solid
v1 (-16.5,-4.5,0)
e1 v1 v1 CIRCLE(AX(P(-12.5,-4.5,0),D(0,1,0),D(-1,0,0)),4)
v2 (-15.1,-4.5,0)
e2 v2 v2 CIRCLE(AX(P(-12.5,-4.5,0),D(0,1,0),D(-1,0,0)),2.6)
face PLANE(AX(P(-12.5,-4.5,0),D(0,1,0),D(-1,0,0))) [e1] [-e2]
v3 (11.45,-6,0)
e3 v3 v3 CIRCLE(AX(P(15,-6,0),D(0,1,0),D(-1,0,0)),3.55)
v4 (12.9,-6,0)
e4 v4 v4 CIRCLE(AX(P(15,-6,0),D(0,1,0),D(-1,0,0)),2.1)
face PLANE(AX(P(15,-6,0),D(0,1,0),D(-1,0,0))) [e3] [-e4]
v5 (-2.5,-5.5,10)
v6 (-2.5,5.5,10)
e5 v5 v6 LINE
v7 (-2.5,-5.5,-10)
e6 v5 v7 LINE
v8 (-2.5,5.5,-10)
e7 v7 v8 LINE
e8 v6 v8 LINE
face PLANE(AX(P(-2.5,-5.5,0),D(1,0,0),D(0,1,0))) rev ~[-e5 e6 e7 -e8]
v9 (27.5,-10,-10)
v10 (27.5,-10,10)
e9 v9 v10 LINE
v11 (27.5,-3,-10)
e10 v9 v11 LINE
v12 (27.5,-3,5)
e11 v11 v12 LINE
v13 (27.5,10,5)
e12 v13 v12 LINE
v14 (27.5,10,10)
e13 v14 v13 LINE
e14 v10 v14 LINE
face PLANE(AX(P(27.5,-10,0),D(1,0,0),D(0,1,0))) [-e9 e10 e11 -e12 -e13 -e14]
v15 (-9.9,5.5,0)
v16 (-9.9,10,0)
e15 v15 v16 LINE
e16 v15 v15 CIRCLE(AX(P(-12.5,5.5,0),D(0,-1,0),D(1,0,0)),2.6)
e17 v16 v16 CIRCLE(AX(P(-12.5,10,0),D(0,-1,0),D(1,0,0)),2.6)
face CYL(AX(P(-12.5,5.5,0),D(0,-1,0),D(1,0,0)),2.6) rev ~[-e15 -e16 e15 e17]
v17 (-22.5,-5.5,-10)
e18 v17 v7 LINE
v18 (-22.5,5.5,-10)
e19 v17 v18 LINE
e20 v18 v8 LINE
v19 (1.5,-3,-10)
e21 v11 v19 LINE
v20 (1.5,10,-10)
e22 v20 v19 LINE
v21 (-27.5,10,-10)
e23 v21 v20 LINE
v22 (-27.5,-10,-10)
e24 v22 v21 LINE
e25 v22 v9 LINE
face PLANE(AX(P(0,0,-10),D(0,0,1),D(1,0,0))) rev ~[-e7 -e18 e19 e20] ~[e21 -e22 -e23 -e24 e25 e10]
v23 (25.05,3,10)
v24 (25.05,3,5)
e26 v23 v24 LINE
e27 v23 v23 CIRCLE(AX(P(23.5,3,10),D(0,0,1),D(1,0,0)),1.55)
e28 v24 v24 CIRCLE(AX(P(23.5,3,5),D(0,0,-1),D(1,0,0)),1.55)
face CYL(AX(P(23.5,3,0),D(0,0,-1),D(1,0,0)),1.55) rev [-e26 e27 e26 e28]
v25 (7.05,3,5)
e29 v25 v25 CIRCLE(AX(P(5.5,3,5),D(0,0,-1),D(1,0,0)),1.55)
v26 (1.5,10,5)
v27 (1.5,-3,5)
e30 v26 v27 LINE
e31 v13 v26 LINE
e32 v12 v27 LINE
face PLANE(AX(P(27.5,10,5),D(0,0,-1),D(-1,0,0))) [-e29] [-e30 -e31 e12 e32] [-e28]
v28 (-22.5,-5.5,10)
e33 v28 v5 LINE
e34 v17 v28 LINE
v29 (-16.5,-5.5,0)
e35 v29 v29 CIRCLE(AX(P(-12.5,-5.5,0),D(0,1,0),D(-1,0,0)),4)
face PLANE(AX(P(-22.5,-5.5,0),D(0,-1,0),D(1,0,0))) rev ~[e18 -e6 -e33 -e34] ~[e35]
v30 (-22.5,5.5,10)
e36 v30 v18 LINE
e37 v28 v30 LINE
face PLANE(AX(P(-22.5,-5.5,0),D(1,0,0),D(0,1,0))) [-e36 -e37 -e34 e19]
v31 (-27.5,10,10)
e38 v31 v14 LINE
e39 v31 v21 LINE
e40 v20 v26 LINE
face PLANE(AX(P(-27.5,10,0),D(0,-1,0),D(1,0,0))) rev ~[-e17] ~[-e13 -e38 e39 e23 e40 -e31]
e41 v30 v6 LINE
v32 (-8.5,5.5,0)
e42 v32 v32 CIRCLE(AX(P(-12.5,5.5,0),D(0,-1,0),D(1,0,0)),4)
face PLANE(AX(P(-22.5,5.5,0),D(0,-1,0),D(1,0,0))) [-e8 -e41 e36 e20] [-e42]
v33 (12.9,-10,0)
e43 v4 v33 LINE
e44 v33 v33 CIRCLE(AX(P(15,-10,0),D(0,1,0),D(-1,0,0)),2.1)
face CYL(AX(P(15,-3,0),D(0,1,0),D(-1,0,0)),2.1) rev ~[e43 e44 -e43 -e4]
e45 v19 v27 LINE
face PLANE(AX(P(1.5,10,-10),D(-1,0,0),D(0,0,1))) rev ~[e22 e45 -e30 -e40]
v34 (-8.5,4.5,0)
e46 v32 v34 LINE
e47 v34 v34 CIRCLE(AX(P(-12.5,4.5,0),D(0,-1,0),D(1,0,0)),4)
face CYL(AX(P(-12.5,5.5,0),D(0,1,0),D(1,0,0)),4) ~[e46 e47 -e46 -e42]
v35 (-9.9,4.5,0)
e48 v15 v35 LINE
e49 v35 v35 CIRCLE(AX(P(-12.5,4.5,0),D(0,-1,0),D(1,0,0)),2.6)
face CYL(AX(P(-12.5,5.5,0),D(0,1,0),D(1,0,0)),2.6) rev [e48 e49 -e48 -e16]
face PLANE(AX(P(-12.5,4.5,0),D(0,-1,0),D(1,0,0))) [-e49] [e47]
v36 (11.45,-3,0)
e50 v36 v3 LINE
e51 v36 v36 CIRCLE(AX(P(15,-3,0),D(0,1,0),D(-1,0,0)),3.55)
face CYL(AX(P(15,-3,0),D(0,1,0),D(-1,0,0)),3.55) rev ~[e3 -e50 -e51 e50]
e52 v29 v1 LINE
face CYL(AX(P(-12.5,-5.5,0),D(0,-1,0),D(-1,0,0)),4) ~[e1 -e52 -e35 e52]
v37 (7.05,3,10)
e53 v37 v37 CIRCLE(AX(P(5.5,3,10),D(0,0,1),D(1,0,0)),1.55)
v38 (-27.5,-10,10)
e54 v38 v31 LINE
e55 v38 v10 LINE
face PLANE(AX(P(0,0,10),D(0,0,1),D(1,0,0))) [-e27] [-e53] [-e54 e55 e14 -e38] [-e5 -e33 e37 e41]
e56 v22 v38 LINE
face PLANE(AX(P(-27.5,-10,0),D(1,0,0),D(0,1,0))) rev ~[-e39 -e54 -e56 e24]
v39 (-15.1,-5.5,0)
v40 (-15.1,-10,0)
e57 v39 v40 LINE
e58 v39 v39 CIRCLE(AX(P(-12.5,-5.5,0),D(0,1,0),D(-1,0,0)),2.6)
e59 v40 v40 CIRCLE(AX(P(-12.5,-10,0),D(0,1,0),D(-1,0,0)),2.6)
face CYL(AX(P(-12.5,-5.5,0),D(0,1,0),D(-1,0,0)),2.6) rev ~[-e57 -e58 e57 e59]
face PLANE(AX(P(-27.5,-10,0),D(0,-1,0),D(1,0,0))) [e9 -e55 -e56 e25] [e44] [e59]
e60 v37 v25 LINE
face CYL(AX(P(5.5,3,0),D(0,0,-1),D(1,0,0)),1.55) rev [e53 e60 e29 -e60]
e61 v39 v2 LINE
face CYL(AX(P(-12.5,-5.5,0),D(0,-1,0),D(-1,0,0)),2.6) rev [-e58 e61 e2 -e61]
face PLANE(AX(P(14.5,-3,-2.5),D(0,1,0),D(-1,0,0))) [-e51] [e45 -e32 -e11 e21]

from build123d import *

# Parameters (mm, degrees)
SKETCH_W        = 55
SKETCH_H        = 20
SKETCH_R        = 1.55
SKETCH_W_2      = 20
SKETCH_H_2      = 11
PAD_DEPTH       = 10
SKETCH001_R     = 2.6
POCKET_DEPTH    = 5
SKETCH002_R     = 2.6
POCKET001_DEPTH = 5
SKETCH003_R     = 4
SKETCH003_R_2   = 2.6
PAD001_DEPTH    = 1
SKETCH004_R     = 4
SKETCH004_R_2   = 2.6
PAD002_DEPTH    = 1
SKETCH005_W     = 26
SKETCH005_H     = 15
POCKET002_DEPTH = 13
SKETCH006_R     = 2.1
POCKET003_DEPTH = 7
SKETCH007_R     = 3.55
POCKET004_DEPTH = 3


with BuildPart() as part:
    # Sketch → Pad (new body, symmetric)
    with BuildSketch(Plane.XY):
        Rectangle(SKETCH_W, SKETCH_H)
        with Locations((5.5, 3)):
            Circle(SKETCH_R, mode=Mode.SUBTRACT)
        with Locations((23.5, 3)):
            Circle(SKETCH_R, mode=Mode.SUBTRACT)
        with Locations((-12.5, 0)):
            Rectangle(SKETCH_W_2, SKETCH_H_2, mode=Mode.SUBTRACT)
    extrude(amount=PAD_DEPTH, both=True)

    # Sketch001 → Pocket (cut)
    with BuildSketch(Plane.XZ.offset(-5.5)):
        with Locations((-12.5, 0)):
            Circle(SKETCH001_R)
    extrude(amount=-POCKET_DEPTH, mode=Mode.SUBTRACT)

    # Sketch002 → Pocket001 (cut)
    with BuildSketch(Plane(origin=(0, -5.5, 0), x_dir=(-1, 0, 0), z_dir=(0, 1, 0))):
        with Locations((12.5, 0)):
            Circle(SKETCH002_R)
    extrude(amount=-POCKET001_DEPTH, mode=Mode.SUBTRACT)

    # Sketch003 → Pad001 (new body)
    with BuildSketch(Plane(origin=(0, -5.5, 0), x_dir=(-1, 0, 0), z_dir=(0, 1, 0))):
        with Locations((12.5, 0)):
            Circle(SKETCH003_R)
        with Locations((12.5, 0)):
            Circle(SKETCH003_R_2, mode=Mode.SUBTRACT)
    extrude(amount=PAD001_DEPTH)

    # Sketch004 → Pad002 (new body)
    with BuildSketch(Plane.XZ.offset(-5.5)):
        with Locations((-12.5, 0)):
            Circle(SKETCH004_R)
        with Locations((-12.5, 0)):
            Circle(SKETCH004_R_2, mode=Mode.SUBTRACT)
    extrude(amount=PAD002_DEPTH)

    # Sketch005 → Pocket002 (cut)
    with BuildSketch(Plane(origin=(0, 10, 0), x_dir=(-1, 0, 0), z_dir=(0, 1, 0))):
        with Locations((-14.5, -2.5)):
            Rectangle(SKETCH005_W, SKETCH005_H)
    extrude(amount=-POCKET002_DEPTH, mode=Mode.SUBTRACT)

    # Sketch006 → Pocket003 (cut)
    with BuildSketch(Plane(origin=(0, -3, 0), x_dir=(-1, 0, 0), z_dir=(0, 1, 0))):
        with Locations((-15, 0)):
            Circle(SKETCH006_R)
    extrude(amount=-POCKET003_DEPTH, mode=Mode.SUBTRACT)

    # Sketch007 → Pocket004 (cut)
    with BuildSketch(Plane(origin=(0, -3, 0), x_dir=(-1, 0, 0), z_dir=(0, 1, 0))):
        with Locations((-15, 0)):
            Circle(SKETCH007_R)
    extrude(amount=-POCKET004_DEPTH, mode=Mode.SUBTRACT)


solid = part.part
